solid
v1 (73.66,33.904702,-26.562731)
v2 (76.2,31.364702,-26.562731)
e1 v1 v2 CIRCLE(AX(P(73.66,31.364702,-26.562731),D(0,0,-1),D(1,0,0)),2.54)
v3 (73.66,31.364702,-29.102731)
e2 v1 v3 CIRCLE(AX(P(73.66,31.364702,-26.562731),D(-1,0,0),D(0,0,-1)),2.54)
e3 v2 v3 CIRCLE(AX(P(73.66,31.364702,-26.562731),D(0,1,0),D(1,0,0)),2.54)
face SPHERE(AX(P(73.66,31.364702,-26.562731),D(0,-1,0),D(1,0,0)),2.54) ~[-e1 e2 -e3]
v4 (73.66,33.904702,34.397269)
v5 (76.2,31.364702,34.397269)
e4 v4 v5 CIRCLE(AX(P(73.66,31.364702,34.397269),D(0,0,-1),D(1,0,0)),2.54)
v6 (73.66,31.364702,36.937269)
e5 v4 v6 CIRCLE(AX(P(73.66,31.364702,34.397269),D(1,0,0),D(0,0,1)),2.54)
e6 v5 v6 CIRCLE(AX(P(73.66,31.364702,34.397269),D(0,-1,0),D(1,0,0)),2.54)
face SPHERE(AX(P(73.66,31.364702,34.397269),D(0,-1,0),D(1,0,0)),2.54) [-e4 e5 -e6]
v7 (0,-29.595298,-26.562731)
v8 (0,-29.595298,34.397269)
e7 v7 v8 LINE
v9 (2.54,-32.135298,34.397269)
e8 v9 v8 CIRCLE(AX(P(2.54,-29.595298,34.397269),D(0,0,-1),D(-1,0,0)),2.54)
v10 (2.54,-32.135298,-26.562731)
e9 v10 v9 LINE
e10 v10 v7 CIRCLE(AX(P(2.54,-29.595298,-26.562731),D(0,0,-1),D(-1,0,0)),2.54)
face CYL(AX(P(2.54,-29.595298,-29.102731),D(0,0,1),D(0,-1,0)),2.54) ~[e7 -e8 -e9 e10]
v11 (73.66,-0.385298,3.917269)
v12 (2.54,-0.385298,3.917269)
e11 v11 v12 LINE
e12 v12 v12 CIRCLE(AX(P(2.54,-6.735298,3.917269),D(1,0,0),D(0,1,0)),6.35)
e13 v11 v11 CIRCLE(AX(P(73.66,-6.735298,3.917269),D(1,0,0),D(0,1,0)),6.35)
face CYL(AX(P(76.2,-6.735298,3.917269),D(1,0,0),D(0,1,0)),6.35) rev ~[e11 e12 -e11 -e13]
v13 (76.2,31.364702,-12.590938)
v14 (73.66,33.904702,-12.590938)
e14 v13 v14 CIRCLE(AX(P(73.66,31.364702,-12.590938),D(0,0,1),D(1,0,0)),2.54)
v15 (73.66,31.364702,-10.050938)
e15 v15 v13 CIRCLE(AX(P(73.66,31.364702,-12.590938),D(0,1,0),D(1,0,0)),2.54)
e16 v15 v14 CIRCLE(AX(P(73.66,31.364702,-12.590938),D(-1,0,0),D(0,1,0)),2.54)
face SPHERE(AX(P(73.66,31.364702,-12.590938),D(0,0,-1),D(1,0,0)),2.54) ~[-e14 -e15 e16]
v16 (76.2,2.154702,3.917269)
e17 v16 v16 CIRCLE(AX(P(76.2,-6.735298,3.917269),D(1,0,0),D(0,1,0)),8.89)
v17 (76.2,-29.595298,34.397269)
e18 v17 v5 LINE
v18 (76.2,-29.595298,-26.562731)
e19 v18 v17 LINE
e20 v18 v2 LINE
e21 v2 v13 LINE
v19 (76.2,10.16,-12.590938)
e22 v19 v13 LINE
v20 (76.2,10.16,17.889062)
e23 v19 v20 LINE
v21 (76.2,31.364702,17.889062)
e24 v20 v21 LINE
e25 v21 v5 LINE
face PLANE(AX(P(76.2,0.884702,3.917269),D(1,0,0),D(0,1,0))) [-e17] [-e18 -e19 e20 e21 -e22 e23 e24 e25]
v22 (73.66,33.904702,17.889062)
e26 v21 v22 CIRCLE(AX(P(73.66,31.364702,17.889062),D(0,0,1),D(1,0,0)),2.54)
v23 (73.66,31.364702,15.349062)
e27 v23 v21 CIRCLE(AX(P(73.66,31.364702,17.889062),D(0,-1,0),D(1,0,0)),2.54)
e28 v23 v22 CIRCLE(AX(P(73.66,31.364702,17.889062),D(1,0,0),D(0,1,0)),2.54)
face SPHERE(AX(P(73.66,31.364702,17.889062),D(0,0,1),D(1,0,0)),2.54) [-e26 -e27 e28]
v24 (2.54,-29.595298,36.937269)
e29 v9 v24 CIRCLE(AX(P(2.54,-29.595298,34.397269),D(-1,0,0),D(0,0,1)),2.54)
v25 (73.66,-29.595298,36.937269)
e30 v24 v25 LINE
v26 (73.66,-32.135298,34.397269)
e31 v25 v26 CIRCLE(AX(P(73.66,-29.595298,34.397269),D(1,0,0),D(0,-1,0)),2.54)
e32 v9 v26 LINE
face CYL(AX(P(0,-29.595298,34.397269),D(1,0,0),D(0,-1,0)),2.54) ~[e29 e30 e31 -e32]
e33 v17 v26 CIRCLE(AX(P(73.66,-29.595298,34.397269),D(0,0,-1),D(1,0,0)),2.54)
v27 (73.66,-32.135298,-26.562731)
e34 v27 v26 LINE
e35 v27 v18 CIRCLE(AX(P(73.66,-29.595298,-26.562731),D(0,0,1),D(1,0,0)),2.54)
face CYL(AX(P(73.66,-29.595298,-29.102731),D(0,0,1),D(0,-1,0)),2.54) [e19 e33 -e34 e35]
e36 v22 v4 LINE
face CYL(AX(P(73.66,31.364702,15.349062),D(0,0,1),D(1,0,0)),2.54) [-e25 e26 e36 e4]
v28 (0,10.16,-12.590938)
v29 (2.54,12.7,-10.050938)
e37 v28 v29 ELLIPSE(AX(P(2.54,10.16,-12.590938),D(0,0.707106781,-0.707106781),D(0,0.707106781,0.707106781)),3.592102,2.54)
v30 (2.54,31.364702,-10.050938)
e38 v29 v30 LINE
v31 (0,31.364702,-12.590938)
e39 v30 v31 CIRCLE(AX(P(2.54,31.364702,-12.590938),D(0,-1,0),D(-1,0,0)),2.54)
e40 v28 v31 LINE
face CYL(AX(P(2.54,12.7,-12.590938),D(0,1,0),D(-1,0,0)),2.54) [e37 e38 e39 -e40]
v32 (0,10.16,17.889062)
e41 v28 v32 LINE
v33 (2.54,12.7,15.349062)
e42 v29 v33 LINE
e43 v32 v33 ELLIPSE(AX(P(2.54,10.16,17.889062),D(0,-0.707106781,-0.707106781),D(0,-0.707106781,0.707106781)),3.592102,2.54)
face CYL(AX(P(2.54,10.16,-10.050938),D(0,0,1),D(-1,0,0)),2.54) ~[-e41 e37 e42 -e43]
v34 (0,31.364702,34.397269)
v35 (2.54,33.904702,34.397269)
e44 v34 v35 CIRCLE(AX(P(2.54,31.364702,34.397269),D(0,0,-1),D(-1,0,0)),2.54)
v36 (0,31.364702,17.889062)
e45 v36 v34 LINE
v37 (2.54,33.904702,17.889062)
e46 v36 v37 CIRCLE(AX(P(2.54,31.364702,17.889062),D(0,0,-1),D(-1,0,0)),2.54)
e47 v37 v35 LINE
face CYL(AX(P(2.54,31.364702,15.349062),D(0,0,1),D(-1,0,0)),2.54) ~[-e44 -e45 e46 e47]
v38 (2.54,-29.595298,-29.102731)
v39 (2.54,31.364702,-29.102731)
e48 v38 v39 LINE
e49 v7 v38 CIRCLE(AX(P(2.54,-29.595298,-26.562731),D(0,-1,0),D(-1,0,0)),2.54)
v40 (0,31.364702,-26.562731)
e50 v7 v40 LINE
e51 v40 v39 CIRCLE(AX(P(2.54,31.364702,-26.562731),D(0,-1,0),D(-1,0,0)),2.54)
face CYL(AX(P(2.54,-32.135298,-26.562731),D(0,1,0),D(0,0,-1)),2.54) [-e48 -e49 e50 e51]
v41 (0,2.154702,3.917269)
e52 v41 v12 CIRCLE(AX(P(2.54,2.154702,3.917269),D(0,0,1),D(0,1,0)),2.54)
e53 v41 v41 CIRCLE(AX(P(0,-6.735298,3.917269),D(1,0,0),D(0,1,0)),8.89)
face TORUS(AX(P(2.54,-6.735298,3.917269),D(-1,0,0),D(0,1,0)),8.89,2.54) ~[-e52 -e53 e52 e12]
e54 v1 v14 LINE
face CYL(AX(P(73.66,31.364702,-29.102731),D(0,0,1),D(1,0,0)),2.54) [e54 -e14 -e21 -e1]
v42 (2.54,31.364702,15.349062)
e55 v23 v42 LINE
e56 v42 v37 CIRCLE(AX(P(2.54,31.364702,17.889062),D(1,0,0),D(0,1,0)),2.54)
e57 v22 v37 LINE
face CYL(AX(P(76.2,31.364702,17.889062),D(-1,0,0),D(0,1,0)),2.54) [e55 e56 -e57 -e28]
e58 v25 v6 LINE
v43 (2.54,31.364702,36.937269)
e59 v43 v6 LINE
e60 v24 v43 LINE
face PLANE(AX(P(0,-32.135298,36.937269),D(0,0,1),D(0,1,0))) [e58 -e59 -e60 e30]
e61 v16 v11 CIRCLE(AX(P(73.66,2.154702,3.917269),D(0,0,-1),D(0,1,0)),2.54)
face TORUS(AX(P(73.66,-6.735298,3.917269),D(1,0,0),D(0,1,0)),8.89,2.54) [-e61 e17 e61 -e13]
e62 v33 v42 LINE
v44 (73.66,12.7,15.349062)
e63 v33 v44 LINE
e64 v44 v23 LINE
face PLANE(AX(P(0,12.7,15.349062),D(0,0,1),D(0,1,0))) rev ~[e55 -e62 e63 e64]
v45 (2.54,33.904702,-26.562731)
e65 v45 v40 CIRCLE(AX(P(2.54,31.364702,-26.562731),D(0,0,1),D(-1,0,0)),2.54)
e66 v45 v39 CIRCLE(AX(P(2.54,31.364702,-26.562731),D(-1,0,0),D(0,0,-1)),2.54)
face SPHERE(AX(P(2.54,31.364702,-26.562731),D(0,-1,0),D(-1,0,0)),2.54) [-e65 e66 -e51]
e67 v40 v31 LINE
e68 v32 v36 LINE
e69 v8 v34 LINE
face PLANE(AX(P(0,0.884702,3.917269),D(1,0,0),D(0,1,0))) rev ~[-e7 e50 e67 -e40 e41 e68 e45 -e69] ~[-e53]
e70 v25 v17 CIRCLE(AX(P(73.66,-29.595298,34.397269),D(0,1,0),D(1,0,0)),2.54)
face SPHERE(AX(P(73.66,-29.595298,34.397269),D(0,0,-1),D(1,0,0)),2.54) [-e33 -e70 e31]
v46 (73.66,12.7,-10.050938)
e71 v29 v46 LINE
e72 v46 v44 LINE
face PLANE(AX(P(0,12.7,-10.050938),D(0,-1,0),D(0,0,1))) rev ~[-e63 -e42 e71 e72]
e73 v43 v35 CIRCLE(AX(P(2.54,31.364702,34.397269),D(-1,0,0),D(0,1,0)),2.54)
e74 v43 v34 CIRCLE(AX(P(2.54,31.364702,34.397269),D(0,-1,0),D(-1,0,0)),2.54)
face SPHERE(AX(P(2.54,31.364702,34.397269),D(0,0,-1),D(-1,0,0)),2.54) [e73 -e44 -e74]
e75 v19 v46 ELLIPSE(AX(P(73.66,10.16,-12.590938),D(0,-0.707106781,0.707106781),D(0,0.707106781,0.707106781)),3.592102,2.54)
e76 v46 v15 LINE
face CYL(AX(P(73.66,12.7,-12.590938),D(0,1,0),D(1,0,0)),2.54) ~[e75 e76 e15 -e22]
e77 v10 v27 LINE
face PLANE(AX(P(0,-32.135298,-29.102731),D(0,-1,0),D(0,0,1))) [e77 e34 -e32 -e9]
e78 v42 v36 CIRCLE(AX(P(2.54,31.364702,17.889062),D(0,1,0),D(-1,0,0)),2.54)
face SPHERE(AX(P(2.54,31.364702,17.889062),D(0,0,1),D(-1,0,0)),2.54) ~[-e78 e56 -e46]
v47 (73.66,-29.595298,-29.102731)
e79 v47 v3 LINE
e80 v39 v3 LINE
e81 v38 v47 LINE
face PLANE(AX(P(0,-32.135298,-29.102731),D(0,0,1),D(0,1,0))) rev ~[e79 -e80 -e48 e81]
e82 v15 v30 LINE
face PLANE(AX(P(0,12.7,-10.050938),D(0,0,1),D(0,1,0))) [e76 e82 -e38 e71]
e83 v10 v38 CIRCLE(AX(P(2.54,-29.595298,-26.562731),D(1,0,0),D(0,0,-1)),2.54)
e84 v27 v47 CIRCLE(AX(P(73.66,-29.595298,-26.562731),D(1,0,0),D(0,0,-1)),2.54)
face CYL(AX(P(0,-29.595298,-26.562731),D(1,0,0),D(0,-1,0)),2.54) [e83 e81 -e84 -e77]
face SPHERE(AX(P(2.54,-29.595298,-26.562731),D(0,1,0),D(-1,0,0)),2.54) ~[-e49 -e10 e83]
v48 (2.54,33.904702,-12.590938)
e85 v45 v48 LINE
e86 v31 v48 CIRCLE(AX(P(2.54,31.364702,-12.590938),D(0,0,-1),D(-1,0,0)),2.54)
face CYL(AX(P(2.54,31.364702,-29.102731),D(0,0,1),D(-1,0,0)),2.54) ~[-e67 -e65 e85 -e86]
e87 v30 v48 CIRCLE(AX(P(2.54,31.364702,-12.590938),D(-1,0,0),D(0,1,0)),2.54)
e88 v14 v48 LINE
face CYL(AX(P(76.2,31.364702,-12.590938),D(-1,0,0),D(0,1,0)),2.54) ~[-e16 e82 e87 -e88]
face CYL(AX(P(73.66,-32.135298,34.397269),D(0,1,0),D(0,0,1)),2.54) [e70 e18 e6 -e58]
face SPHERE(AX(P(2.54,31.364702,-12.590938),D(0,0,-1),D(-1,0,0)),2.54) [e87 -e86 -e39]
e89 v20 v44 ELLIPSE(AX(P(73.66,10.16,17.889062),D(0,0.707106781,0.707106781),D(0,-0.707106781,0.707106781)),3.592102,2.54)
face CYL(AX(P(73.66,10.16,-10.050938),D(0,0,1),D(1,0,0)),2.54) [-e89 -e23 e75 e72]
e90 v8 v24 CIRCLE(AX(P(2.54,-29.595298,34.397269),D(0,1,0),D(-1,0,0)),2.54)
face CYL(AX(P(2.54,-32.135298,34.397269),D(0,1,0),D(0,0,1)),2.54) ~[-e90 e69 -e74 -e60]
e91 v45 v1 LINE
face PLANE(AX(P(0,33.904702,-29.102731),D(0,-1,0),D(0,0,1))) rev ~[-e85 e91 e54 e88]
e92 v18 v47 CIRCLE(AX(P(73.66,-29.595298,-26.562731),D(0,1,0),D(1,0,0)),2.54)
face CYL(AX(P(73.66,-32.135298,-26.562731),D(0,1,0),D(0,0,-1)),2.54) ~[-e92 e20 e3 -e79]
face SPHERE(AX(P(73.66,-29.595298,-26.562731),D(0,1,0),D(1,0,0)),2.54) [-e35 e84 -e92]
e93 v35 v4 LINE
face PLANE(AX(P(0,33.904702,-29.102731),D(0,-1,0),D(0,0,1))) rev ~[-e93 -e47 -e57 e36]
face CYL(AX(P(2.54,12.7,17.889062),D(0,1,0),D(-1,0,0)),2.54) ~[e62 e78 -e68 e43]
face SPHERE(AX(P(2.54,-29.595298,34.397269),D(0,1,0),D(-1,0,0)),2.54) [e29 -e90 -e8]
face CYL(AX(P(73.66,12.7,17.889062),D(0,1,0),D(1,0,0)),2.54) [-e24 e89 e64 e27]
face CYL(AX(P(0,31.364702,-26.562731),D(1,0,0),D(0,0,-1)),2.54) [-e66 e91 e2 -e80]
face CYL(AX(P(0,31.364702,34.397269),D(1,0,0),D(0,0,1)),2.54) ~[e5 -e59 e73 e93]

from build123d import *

# Parameters (mm, degrees)
F0_W     = 66.04
F0_H     = 66.04
F2_DEPTH = 76.2
F1_W     = 38.1
F1_H     = 25.4
F3_DEPTH = 76.2
F4_R     = 6.35
F5_DEPTH = 101.6
F6_R     = 2.54


with BuildPart() as f2:
    # F0 (on Right) → F2 (new body)
    with BuildSketch(Plane.YZ):
        with Locations((0.8847024292, 3.9172693067)):
            Rectangle(F0_W, F0_H)
    extrude(amount=F2_DEPTH)

    # F1 (on Right) → F3 (cut)
    with BuildSketch(Plane.YZ):
        with Locations((31.75, 2.6490623131)):
            Rectangle(F1_W, F1_H)
    extrude(amount=F3_DEPTH, mode=Mode.SUBTRACT)

    # F4 (on face) → F5 (cut)
    with BuildSketch(Plane.YZ.offset(76.2)):
        with Locations((-6.7352975708, 3.9172693067)):
            Circle(F4_R)
    extrude(amount=-F5_DEPTH, mode=Mode.SUBTRACT)

    # F6
    f6_edges = [f2.edges().sort_by_distance(p)[0] for p in [
        (0, 33.904702, 26.143166),
        (0, 0.884702, 36.937269),
        (0, 0.884702, -29.102731),
        (0, -32.135298, 3.917269),
        (0, 33.904702, -19.576834),
        (0, 23.302351, -10.050938),
        (0, 12.7, 2.649062),
        (0, 23.302351, 15.349062),
        (0, -13.085298, 3.917269),
        (76.2, 0.884702, -29.102731),
        (76.2, -32.135298, 3.917269),
        (76.2, 33.904702, -19.576834),
        (76.2, 0.884702, 36.937269),
        (76.2, 23.302351, -10.050938),
        (76.2, 33.904702, 26.143166),
        (76.2, 12.7, 2.649062),
        (76.2, 23.302351, 15.349062),
        (76.2, -13.085298, 3.917269),
        (38.1, 33.904702, 36.937269),
        (38.1, 33.904702, 15.349062),
        (38.1, 33.904702, -10.050938),
        (38.1, 33.904702, -29.102731),
        (38.1, -32.135298, -29.102731),
        (38.1, -32.135298, 36.937269),
    ]]
    fillet(f6_edges, radius=F6_R)


solid = f2.part
